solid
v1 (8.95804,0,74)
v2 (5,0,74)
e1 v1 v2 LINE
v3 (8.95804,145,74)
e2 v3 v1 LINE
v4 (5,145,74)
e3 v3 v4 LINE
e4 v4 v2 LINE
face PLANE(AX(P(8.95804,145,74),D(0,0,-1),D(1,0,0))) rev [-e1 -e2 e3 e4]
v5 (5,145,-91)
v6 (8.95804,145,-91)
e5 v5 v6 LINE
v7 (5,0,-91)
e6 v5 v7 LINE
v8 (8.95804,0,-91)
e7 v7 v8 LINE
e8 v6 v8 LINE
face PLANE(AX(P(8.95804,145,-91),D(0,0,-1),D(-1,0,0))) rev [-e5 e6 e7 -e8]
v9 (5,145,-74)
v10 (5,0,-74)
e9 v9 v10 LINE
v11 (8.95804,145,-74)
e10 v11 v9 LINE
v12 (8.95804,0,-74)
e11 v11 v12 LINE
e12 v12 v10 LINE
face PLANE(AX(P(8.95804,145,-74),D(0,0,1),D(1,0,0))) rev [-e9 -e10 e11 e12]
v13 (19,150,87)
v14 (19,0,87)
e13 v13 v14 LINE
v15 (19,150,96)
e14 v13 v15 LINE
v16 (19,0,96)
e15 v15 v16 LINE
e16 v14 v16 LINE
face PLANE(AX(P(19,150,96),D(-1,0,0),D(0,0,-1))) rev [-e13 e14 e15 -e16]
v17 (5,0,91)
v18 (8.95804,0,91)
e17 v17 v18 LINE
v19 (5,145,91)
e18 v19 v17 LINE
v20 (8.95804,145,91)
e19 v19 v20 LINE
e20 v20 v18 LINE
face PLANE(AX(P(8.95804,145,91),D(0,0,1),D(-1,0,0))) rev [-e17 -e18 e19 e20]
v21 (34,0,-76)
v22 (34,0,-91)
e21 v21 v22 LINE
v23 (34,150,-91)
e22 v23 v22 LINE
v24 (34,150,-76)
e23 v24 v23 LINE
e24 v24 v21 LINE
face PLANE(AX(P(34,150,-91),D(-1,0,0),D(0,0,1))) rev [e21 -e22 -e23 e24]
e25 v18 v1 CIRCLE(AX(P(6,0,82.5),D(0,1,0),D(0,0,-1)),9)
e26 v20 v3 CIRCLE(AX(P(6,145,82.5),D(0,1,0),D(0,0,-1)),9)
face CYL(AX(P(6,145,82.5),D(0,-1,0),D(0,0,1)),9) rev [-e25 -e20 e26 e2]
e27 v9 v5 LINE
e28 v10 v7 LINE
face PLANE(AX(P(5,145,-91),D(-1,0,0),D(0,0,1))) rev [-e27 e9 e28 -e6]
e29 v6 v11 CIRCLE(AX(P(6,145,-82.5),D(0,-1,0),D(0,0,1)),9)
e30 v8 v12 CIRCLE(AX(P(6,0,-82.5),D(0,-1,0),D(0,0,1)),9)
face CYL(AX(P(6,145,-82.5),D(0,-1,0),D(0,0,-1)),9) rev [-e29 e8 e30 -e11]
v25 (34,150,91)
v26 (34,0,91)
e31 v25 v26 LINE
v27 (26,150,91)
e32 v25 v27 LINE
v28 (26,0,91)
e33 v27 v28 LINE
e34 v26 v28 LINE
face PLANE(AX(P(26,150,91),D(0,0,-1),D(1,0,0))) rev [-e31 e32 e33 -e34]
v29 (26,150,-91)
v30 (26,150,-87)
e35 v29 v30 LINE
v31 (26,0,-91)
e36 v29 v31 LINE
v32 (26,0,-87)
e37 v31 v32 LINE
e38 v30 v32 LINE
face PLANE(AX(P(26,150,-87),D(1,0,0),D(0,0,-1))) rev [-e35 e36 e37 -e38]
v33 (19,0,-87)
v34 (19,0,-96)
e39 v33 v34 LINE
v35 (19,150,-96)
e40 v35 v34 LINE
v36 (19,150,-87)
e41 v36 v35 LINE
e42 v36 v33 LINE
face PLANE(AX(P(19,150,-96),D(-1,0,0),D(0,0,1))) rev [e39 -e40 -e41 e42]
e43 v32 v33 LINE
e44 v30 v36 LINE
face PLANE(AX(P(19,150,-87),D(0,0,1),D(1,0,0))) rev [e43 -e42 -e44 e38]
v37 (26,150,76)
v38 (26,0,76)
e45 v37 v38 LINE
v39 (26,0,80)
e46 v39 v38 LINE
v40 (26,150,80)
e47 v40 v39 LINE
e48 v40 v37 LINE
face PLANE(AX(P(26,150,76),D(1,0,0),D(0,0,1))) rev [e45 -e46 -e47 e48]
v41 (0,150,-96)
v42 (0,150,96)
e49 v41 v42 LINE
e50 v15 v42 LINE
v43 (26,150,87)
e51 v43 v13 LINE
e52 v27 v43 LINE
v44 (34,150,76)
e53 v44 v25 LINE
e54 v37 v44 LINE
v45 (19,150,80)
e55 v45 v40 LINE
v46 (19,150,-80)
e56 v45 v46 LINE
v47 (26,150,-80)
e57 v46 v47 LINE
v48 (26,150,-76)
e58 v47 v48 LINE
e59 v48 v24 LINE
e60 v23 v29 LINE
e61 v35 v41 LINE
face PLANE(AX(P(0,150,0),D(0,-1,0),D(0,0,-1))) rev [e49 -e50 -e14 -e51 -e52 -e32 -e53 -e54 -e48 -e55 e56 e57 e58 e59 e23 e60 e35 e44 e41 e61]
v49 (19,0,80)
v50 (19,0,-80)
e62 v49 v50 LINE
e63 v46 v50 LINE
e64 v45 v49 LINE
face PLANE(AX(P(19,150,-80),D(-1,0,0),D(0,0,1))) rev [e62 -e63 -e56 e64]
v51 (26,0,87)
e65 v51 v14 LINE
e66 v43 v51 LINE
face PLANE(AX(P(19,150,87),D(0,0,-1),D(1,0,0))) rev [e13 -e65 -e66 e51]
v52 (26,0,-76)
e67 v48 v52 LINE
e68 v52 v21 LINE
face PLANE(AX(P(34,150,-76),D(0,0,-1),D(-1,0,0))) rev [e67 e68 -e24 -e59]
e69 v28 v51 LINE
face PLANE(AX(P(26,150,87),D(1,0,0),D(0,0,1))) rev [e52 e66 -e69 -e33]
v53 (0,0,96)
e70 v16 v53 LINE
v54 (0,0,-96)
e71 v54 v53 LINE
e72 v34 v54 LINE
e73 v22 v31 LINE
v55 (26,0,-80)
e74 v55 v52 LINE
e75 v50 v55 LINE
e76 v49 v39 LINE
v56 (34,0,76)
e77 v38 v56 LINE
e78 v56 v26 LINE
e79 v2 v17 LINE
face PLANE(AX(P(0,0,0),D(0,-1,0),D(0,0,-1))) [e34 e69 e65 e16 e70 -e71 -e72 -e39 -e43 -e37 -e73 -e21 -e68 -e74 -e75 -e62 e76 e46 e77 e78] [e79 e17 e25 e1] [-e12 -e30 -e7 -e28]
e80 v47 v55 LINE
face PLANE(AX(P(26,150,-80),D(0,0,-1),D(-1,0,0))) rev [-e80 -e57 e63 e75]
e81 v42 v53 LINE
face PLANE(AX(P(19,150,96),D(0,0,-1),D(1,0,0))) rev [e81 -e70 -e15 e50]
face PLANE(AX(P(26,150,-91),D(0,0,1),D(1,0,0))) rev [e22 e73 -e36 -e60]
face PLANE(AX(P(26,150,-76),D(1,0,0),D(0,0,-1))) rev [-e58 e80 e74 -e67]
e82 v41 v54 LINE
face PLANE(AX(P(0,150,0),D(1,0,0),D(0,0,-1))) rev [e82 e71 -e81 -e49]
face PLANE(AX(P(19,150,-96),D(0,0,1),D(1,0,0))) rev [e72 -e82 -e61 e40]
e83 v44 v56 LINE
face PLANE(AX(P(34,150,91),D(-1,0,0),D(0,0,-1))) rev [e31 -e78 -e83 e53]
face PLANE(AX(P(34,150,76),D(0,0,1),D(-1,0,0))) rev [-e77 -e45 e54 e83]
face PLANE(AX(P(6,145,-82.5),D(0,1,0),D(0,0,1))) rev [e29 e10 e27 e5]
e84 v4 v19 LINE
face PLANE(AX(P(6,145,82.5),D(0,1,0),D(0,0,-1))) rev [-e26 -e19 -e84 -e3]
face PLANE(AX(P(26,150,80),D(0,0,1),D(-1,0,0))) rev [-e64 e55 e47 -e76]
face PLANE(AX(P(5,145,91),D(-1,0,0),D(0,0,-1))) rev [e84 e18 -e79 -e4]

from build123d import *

# Parameters (mm, degrees)
ESTRUSIONE_ESTRUSIONE1_DEPTH = 150
TAGLIO_ESTRUSIONE1_DEPTH     = 145


with BuildPart() as part:
    # Schizzo2 → Estrusione-Estrusione1 (new body)
    with BuildSketch(Plane(origin=(0, 0, 0), x_dir=(1, 0, 0), z_dir=(0, 1, 0))):
        Polygon((19, 96), (19, 87), (26, 87), (26, 91), (34, 91), (34, 76), (26, 76), (26, 80), (19, 80), (19, 0), (0, 0), (0, 96), align=None)
    extrude(amount=ESTRUSIONE_ESTRUSIONE1_DEPTH)

    # Schizzo3 → Taglio-Estrusione1 (cut)
    with BuildSketch(Plane.XZ):
        with BuildLine():
            Line((8.958039892, -91), (5, -91))
            Line((5, -91), (5, -74))
            Line((5, -74), (8.958039892, -74))
            ThreePointArc((8.958039892, -74), (15, -82.5), (8.958039892, -91))
        make_face()
    extrude(amount=-TAGLIO_ESTRUSIONE1_DEPTH, mode=Mode.SUBTRACT)

    # Specchia2: part across plane


with BuildPart() as part_1:
    add(part.part)
    add(part.part.mirror(Plane(origin=(19, 150, 0), x_dir=(1, 0, 0), z_dir=(0, 0, -1))))


solid = part_1.part
